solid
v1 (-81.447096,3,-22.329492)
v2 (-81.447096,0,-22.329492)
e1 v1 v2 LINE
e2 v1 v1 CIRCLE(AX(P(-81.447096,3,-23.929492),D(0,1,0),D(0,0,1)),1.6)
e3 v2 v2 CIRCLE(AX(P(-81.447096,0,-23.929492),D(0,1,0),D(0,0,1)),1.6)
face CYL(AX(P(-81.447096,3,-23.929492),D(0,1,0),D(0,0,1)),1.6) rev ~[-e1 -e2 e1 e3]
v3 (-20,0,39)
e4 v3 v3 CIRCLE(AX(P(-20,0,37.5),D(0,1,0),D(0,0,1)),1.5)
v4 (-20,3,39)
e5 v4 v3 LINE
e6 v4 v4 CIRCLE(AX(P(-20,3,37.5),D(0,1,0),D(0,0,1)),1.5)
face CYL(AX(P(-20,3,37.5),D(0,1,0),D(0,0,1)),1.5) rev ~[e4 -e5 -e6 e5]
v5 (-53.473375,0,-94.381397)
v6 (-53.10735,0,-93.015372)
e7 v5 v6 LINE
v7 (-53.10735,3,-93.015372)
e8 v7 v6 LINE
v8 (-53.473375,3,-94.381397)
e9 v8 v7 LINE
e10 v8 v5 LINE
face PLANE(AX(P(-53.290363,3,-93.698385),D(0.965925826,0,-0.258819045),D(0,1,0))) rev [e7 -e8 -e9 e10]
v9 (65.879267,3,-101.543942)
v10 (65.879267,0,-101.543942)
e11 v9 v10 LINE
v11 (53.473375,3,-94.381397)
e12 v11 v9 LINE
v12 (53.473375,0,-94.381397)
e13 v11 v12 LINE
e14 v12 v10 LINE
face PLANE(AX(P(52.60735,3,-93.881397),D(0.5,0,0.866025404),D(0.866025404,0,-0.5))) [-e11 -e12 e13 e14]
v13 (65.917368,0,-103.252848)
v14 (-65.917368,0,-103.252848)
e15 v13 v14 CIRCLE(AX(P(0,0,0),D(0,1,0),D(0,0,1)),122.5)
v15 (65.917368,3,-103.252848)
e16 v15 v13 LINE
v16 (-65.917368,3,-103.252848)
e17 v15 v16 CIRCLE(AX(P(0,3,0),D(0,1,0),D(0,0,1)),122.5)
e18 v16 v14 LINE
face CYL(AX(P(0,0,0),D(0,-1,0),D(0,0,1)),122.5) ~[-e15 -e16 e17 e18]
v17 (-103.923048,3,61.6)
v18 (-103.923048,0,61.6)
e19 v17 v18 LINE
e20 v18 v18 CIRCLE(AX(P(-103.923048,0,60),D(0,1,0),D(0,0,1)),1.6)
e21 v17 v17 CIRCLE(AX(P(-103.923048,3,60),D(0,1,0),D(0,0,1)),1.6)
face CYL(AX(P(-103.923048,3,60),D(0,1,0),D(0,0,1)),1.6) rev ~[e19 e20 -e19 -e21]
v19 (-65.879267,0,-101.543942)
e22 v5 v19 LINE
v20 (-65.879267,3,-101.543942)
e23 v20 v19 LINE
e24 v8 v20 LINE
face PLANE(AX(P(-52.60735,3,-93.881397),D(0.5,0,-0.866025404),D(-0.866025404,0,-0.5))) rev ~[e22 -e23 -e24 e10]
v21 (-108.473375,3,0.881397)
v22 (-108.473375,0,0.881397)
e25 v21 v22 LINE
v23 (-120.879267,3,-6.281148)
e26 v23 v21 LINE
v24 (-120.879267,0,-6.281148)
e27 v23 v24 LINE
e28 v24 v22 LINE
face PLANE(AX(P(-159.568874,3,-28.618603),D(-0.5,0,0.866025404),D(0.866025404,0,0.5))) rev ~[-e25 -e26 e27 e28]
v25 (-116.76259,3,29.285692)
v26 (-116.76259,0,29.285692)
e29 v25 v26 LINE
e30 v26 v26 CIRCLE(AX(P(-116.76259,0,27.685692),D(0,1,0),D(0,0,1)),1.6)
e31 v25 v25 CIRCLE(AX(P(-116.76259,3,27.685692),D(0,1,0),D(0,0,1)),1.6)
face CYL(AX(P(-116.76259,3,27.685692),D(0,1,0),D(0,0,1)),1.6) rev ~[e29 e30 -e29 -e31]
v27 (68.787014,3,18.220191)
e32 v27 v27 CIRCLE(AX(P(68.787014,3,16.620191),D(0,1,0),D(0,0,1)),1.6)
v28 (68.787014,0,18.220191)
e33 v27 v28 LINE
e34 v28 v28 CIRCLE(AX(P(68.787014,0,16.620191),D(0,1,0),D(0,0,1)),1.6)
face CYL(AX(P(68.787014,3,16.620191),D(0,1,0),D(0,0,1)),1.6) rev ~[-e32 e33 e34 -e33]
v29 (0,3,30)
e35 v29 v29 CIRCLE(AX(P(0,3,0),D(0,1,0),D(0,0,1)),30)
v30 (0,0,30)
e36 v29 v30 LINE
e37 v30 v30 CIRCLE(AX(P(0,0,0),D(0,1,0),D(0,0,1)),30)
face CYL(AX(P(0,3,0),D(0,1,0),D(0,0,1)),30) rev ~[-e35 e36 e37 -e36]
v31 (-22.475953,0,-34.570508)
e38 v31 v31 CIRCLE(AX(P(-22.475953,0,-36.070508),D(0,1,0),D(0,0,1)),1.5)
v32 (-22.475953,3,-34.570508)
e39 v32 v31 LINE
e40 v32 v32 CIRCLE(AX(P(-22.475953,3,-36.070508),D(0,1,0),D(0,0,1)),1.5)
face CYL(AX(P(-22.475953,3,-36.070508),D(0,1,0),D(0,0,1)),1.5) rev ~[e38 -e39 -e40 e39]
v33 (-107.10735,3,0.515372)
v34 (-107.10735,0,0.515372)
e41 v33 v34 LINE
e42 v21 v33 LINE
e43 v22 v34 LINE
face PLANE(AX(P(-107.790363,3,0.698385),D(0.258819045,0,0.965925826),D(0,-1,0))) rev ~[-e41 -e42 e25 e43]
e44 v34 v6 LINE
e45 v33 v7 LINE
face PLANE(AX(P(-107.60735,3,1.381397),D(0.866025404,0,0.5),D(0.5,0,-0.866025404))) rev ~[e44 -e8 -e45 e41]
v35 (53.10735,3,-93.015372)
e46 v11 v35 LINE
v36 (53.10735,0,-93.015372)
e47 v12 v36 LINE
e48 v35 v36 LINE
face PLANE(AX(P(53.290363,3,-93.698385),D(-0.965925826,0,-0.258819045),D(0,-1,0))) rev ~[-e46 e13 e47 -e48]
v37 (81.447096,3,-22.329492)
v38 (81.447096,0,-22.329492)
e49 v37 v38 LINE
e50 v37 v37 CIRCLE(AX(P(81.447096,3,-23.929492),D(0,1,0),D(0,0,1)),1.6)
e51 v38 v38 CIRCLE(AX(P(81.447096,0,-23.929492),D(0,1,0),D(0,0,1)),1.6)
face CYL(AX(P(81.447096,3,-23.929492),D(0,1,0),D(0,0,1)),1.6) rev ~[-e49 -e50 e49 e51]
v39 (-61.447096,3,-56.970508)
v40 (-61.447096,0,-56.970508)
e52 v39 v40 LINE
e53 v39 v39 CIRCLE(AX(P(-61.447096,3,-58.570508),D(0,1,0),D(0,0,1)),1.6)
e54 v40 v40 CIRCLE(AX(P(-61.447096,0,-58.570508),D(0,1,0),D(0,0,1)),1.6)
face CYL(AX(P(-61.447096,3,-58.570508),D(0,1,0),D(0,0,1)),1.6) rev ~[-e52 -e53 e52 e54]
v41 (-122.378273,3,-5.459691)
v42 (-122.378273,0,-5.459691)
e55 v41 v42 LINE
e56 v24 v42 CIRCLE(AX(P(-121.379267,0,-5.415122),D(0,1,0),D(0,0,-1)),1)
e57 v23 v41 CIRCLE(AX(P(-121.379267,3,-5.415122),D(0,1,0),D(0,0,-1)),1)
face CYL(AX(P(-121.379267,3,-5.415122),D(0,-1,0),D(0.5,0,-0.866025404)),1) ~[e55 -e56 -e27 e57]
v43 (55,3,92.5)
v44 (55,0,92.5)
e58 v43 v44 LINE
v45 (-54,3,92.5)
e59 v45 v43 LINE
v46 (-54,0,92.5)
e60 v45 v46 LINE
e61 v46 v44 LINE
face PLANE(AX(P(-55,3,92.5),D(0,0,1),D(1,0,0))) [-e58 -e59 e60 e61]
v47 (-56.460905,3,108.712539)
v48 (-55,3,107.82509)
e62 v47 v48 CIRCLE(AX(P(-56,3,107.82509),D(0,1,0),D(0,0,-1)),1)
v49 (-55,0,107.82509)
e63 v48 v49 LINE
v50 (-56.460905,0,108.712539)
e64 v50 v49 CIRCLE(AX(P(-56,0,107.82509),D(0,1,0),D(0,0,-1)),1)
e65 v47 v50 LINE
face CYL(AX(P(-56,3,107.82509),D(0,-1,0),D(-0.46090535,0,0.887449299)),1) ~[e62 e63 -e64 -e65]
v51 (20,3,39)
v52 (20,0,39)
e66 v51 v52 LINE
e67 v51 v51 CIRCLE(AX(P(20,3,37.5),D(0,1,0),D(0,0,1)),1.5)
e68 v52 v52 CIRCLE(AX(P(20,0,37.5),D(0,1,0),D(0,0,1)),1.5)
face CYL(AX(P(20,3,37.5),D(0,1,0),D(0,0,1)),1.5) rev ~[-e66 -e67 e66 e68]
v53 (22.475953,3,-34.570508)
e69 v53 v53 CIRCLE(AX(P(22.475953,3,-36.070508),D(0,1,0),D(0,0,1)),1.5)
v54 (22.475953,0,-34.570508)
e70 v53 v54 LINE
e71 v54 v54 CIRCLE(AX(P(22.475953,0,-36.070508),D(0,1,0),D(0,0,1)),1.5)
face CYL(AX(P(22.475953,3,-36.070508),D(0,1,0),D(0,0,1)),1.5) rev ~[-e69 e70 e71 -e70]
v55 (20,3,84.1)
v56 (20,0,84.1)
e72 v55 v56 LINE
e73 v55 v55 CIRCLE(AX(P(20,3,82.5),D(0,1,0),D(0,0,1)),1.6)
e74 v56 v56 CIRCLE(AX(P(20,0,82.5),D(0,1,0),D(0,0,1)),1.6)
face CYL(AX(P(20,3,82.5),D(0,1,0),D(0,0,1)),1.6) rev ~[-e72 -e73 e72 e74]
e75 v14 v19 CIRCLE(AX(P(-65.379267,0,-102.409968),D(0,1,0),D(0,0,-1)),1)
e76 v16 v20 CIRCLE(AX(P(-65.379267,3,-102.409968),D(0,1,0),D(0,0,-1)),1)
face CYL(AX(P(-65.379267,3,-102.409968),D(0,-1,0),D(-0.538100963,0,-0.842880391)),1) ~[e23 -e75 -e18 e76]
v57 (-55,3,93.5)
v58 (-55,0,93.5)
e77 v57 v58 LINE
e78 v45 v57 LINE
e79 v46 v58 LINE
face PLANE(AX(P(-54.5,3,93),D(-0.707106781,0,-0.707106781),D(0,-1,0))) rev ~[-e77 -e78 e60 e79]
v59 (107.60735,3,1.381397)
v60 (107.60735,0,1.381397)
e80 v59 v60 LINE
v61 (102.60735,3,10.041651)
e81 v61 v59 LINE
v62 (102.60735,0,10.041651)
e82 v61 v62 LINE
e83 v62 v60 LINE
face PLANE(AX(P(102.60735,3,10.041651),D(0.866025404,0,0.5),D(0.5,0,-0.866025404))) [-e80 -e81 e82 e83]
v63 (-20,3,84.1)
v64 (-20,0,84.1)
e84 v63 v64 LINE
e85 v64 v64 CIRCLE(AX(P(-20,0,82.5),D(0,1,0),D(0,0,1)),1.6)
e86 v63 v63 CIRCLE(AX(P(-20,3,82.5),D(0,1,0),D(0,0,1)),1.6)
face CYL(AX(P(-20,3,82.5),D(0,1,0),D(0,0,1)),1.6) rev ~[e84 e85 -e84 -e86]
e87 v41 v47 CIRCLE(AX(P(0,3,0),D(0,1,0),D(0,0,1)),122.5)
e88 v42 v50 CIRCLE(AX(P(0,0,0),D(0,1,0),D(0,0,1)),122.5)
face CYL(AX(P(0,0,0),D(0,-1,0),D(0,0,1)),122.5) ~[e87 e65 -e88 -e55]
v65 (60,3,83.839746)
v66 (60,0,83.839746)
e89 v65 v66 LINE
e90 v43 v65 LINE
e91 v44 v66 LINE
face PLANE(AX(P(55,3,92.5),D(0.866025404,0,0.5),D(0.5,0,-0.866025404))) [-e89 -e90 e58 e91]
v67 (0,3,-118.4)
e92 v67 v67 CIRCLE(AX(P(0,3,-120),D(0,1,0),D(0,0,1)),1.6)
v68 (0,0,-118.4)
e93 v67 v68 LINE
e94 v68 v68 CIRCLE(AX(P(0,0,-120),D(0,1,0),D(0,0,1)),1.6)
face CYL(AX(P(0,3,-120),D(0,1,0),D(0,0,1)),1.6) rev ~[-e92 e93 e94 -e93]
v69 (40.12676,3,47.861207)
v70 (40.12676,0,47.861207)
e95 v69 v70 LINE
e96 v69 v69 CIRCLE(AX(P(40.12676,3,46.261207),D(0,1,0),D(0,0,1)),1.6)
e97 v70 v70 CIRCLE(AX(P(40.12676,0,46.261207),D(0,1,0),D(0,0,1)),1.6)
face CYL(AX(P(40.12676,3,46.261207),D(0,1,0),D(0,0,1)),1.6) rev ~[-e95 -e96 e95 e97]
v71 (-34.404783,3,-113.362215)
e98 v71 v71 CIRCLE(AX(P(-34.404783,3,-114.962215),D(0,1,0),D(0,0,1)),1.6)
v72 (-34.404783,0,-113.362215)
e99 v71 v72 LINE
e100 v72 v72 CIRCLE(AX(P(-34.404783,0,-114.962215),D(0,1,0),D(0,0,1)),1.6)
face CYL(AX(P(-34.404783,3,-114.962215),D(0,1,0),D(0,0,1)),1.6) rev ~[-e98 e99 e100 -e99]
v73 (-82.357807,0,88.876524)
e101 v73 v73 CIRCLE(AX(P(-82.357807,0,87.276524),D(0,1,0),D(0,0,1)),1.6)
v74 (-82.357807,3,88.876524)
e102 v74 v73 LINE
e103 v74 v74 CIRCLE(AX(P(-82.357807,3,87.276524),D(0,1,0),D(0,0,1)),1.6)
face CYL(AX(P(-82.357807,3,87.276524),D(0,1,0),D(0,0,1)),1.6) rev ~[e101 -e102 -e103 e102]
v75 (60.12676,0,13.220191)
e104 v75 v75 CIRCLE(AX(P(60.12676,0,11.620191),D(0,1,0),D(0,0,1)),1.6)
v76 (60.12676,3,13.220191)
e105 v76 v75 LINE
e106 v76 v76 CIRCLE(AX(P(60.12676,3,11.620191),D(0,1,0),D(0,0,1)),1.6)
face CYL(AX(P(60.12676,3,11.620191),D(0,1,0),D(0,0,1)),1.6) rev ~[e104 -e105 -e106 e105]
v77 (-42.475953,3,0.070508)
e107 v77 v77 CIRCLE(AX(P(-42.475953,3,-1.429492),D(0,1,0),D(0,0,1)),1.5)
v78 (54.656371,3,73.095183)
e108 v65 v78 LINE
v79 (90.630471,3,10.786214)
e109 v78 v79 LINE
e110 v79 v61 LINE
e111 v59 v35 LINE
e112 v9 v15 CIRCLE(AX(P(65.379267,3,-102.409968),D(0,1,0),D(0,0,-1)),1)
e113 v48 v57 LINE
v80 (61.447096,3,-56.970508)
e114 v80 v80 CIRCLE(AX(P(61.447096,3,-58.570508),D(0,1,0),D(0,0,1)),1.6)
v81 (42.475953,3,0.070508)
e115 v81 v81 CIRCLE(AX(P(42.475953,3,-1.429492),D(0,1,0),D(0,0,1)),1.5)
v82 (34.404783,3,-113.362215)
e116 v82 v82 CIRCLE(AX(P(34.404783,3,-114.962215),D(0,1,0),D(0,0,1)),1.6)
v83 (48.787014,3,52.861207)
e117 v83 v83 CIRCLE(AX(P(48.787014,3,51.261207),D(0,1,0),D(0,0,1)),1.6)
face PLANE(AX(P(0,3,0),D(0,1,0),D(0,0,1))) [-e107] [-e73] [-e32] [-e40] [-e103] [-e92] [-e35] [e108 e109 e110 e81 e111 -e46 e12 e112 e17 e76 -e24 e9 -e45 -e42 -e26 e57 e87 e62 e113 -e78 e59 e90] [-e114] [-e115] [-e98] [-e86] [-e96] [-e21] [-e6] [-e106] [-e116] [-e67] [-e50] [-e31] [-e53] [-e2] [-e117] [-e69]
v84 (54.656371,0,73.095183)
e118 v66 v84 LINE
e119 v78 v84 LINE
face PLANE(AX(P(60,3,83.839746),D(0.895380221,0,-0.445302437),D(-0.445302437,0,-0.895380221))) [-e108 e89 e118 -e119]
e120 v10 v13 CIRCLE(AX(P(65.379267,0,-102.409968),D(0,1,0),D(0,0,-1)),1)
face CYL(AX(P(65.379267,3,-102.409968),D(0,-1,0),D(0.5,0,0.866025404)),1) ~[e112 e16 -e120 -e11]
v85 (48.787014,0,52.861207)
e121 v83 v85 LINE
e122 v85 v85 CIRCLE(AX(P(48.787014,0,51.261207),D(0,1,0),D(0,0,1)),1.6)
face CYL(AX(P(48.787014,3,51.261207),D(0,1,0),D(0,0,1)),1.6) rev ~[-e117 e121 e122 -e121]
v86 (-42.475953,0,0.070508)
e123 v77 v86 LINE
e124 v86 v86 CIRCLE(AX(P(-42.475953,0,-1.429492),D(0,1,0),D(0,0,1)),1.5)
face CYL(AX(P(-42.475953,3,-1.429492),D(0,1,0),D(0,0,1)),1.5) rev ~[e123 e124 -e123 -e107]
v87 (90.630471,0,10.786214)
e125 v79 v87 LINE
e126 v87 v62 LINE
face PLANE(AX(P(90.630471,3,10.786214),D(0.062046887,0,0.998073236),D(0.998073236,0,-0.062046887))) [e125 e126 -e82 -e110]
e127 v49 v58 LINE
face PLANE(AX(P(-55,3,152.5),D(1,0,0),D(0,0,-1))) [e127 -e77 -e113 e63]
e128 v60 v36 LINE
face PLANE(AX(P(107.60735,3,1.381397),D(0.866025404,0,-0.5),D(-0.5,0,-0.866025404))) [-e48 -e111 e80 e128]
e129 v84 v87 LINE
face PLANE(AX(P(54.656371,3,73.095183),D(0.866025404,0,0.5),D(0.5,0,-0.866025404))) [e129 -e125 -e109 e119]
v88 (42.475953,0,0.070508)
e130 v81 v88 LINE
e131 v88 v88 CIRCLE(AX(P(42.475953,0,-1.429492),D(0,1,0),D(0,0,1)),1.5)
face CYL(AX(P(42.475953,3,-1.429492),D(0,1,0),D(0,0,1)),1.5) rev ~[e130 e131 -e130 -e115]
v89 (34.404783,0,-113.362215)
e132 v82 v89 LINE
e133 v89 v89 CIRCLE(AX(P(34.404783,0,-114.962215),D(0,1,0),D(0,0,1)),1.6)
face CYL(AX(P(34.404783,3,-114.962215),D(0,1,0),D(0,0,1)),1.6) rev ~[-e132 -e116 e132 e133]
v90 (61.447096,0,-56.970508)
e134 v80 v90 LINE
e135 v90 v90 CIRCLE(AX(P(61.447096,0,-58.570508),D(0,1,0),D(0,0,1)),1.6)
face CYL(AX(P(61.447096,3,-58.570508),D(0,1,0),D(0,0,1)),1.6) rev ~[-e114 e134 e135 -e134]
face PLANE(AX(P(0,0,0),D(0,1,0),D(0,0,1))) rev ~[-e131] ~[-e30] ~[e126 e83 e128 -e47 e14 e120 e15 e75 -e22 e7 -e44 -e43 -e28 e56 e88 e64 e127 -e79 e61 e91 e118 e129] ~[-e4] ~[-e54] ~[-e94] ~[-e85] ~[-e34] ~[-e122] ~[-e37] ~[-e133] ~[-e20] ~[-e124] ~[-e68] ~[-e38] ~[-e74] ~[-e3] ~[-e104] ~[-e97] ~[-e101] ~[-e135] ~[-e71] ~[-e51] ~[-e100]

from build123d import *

# Parameters (mm, degrees)
SKETCH_1_R          = 122.5
EXTRUDE_1_DEPTH     = 3
SKETCH_2_R          = 1.6
SKETCH_2_R_2        = 30
SKETCH_2_R_3        = 1.5
CUT_EXTRUDE_1_DEPTH = 174.267134795
CHAMFER_1_SIZE      = 1
FILLET_1_R          = 1


with BuildPart() as part:
    # ｽｹｯﾁ1 → ﾎﾞｽ - 押し出し1 (new body)
    with BuildSketch(Plane(origin=(0, 0, 0), x_dir=(1, 0, 0), z_dir=(0, 1, 0))):
        with Locations(Location((0, 0, 0), (0, 0, 270))):
            Circle(SKETCH_1_R)
    extrude(amount=EXTRUDE_1_DEPTH)

    # ｽｹｯﾁ2 → ｶｯﾄ - 押し出し1 (cut, through all)
    with BuildSketch(Plane(origin=(0, 3, 0), x_dir=(1, 0, 0), z_dir=(0, 1, 0))):
        with Locations(Location((20, -82.5, 0), (0, 0, 270))):
            Circle(SKETCH_2_R)
        with Locations(Location((-20, -82.5, 0), (0, 0, 270))):
            Circle(SKETCH_2_R)
        with Locations(Location((81.447095812, 23.929491924, 0), (0, 0, 270))):
            Circle(SKETCH_2_R)
        with Locations(Location((61.447095812, 58.570508076, 0), (0, 0, 270))):
            Circle(SKETCH_2_R)
        with Locations(Location((-61.447095812, 58.570508076, 0), (0, 0, 270))):
            Circle(SKETCH_2_R)
        with Locations(Location((-81.447095812, 23.929491924, 0), (0, 0, 270))):
            Circle(SKETCH_2_R)
        with Locations(Location((0, 0, 0), (0, 0, 270))):
            Circle(SKETCH_2_R_2)
        with Locations(Location((-42.475952642, 1.429491924, 0), (0, 0, 270))):
            Circle(SKETCH_2_R_3)
        with Locations(Location((-22.475952642, 36.070508076, 0), (0, 0, 270))):
            Circle(SKETCH_2_R_3)
        with Locations(Location((22.475952642, 36.070508076, 0), (0, 0, 270))):
            Circle(SKETCH_2_R_3)
        with Locations(Location((42.475952642, 1.429491924, 0), (0, 0, 270))):
            Circle(SKETCH_2_R_3)
        with Locations(Location((20, -37.5, 0), (0, 0, 270))):
            Circle(SKETCH_2_R_3)
        with Locations(Location((-20, -37.5, 0), (0, 0, 270))):
            Circle(SKETCH_2_R_3)
        with Locations(Location((-116.76259025, -27.685691575, 0), (0, 0, 270))):
            Circle(SKETCH_2_R)
        with Locations(Location((-103.923048454, -60, 0), (0, 0, 270))):
            Circle(SKETCH_2_R)
        with Locations(Location((-82.357807351, -87.276523581, 0), (0, 0, 270))):
            Circle(SKETCH_2_R)
        with Locations(Location((0, 120, 0), (0, 0, 270))):
            Circle(SKETCH_2_R)
        with Locations(Location((-34.4047829, 114.962215156, 0), (0, 0, 270))):
            Circle(SKETCH_2_R)
        with Locations(Location((34.4047829, 114.962215156, 0), (0, 0, 270))):
            Circle(SKETCH_2_R)
        with Locations(Location((48.787014427, -51.26120668, 0), (0, 0, 270))):
            Circle(SKETCH_2_R)
        with Locations(Location((68.787014427, -16.620190528, 0), (0, 0, 270))):
            Circle(SKETCH_2_R)
        with Locations(Location((40.126760389, -46.26120668, 0), (0, 0, 270))):
            Circle(SKETCH_2_R)
        with Locations(Location((60.126760389, -11.620190528, 0), (0, 0, 270))):
            Circle(SKETCH_2_R)
        Polygon((-55, -92.5), (55, -92.5), (60, -83.839745962), (54.656370753, -73.095183316), (90.630471022, -10.786213893), (102.60734985, -10.041651246), (107.60734985, -1.381397208), (52.60734985, 93.881397208), (104.568874077, 123.881397208), (159.568874077, 28.618602792), (55, -152.5), (-55, -152.5), align=None)
        Polygon((-104.568874077, 123.881397208), (-159.568874077, 28.618602792), (-107.60734985, -1.381397208), (-52.60734985, 93.881397208), align=None)
    extrude(amount=-CUT_EXTRUDE_1_DEPTH, mode=Mode.SUBTRACT)

    # 面取り1
    chamfer_1_edges = [part.edges().sort_by_distance(p)[0] for p in [
        (52.60734985, 1.5, -93.881397208),
        (-55, 1.5, 92.5),
        (-107.60734985, 1.5, 1.381397208),
        (-52.60734985, 1.5, -93.881397208),
    ]]
    chamfer(chamfer_1_edges, length=CHAMFER_1_SIZE)

    # ﾌｨﾚｯﾄ1
    fillet_1_edges = [part.edges().sort_by_distance(p)[0] for p in [
        (-55, 1.5, 109.458896395),
        (67.294184948, 1.5, -102.360845406),
        (-67.294184948, 1.5, -102.360845406),
        (-122.294184948, 1.5, -7.098050989),
    ]]
    fillet(fillet_1_edges, radius=FILLET_1_R)


solid = part.part
